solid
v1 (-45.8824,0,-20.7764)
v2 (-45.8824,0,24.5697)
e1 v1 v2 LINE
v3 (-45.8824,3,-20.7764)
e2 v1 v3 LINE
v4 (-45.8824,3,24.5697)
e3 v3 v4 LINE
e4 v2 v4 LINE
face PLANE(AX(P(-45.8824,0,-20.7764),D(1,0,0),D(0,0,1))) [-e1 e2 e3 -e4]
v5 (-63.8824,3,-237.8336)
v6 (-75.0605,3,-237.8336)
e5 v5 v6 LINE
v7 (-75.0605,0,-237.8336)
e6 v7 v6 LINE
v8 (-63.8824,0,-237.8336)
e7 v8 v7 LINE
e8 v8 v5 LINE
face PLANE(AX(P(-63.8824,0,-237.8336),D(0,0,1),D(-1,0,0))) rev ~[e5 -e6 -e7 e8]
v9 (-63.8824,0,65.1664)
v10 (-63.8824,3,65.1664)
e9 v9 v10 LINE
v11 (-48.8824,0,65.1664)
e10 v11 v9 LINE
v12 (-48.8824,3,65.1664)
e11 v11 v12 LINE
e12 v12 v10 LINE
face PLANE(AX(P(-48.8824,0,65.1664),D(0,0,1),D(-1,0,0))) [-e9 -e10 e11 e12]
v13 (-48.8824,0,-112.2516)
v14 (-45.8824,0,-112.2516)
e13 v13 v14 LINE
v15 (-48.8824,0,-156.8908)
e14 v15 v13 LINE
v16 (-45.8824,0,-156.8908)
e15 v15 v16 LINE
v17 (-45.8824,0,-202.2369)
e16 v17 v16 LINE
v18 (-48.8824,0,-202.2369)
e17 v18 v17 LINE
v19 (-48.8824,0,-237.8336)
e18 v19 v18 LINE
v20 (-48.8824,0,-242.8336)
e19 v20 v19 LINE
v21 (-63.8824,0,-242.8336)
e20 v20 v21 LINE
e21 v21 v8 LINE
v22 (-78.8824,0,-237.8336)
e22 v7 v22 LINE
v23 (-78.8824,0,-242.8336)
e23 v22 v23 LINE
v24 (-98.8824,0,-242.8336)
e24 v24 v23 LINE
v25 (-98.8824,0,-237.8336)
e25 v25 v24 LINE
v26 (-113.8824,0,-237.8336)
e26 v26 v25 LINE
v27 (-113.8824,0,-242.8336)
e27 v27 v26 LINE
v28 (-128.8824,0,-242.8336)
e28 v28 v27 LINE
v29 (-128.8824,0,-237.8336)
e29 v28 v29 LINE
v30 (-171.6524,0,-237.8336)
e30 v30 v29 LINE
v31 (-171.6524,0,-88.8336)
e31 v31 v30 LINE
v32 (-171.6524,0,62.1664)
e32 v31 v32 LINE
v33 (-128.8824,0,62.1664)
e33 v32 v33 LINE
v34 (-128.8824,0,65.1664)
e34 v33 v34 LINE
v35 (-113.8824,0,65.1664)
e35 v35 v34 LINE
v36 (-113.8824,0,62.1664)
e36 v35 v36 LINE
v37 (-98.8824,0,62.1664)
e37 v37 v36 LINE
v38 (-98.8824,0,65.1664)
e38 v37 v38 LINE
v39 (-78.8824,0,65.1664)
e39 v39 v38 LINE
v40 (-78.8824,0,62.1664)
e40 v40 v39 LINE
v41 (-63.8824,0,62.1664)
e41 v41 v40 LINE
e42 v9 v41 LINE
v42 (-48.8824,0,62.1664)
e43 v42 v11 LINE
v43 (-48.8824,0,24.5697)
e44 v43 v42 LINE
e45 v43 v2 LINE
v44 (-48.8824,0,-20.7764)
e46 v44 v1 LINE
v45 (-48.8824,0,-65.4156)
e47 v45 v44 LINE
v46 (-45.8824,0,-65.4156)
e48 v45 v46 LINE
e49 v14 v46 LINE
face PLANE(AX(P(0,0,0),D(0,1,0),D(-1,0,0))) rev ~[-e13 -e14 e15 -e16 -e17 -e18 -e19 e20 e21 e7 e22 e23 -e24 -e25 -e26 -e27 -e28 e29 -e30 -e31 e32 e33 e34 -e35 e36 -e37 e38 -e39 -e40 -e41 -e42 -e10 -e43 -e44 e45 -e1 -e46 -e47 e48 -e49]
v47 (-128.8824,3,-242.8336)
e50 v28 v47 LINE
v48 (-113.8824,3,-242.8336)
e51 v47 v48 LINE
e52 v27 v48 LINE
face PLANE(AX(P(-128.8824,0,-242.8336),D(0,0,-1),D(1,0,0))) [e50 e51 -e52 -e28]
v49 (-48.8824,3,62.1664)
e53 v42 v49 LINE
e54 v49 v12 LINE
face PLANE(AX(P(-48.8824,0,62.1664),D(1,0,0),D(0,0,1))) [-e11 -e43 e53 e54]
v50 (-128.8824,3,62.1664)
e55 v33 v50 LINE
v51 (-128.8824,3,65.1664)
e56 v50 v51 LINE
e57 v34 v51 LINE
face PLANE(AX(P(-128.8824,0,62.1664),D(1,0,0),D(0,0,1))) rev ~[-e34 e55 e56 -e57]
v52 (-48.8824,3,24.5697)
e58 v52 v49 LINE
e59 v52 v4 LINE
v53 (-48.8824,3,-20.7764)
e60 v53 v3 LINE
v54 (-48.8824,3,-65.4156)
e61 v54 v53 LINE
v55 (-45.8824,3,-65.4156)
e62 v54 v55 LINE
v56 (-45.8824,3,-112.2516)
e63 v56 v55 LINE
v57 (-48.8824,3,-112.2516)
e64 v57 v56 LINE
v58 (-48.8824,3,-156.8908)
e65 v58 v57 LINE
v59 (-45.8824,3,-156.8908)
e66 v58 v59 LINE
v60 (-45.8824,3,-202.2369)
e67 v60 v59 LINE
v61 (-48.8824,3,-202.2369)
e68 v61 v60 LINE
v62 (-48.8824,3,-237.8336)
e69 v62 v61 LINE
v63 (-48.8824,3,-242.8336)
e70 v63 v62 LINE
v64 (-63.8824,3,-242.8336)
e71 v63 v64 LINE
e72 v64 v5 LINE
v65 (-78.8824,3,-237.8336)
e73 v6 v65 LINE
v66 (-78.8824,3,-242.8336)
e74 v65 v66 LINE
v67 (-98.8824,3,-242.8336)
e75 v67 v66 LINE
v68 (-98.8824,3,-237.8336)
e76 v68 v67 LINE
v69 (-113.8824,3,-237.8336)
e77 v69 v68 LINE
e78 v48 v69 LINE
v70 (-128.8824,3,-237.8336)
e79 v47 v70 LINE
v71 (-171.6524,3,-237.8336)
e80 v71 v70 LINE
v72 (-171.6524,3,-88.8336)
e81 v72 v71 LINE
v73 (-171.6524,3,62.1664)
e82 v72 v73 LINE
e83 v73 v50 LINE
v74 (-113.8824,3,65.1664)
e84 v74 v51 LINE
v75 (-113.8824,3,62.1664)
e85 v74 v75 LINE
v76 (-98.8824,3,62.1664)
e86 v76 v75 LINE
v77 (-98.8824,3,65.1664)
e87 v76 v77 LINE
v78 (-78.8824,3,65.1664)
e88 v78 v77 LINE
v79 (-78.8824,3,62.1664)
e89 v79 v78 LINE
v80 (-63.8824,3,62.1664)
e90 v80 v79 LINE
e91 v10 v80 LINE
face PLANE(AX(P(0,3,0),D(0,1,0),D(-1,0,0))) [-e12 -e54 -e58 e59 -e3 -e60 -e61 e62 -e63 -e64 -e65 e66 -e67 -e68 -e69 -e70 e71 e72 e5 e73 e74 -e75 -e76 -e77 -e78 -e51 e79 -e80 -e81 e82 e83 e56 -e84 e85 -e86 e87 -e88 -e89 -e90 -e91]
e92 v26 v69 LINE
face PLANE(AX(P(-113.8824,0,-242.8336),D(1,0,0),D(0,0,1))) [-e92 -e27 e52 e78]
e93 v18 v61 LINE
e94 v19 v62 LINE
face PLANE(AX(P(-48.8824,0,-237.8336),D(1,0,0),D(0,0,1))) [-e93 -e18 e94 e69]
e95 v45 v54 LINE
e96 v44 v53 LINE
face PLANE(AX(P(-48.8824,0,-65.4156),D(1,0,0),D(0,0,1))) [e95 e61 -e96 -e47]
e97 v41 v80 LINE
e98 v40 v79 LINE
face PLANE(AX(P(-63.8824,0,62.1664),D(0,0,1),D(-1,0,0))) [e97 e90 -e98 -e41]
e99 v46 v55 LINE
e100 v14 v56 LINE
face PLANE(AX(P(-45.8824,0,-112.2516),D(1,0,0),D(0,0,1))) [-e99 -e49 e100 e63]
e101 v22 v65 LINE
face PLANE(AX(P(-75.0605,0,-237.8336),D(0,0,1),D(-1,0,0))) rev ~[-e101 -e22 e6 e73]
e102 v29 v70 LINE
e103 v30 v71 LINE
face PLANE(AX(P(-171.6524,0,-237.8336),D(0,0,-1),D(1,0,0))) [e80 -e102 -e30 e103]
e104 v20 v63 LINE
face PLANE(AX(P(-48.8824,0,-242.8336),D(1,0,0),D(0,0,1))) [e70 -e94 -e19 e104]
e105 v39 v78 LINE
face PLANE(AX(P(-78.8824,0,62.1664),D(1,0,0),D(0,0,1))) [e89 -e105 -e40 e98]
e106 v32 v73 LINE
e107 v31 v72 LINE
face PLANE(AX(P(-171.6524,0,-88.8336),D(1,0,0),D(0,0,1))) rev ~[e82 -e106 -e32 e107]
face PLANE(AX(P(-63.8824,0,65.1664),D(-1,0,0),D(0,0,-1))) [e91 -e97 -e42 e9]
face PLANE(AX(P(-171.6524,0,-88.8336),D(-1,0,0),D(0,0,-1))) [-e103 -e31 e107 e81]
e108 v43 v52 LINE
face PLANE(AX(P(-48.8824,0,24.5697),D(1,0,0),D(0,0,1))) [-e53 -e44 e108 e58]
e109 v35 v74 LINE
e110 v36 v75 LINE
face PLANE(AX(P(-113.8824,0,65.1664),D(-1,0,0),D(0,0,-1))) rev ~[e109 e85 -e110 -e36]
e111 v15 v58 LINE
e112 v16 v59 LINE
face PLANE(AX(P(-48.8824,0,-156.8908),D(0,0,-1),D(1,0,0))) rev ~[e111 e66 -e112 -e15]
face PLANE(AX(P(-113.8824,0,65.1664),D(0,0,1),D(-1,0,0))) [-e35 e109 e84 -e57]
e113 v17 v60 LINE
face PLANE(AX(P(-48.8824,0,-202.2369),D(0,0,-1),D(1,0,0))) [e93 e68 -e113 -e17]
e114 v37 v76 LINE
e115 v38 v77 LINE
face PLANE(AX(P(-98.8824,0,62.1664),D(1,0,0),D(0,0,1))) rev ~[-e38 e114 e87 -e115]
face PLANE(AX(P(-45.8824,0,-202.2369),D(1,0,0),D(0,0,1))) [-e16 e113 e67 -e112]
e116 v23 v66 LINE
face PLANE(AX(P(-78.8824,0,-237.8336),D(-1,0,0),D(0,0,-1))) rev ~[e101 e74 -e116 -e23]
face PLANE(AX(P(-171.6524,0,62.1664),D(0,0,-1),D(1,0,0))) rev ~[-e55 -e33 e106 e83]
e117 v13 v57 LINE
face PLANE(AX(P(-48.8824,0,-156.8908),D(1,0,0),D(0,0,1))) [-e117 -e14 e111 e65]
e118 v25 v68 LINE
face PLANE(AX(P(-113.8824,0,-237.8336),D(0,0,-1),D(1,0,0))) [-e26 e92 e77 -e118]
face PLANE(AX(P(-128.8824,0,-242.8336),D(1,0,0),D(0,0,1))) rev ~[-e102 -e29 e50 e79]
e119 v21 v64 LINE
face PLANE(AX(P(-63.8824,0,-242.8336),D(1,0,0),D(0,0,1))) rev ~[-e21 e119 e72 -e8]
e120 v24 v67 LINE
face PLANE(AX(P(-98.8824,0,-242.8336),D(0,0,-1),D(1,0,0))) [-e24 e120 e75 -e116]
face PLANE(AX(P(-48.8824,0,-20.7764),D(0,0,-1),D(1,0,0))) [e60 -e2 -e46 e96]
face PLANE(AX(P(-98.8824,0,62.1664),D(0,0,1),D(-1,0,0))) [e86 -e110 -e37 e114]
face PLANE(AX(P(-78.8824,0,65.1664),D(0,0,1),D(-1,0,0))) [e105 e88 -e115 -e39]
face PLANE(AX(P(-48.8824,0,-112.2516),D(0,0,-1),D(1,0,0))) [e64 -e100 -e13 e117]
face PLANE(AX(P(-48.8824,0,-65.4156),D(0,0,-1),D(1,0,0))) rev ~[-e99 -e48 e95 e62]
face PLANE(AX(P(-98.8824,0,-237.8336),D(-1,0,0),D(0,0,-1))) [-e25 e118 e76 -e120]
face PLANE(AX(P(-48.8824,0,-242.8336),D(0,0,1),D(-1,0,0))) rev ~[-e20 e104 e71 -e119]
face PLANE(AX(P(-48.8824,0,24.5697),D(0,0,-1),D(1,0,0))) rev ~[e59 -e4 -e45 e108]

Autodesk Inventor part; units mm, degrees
ref_plane "YZ Plane" through (0, 0, 0) normal (1, 0, 0) x (0, 1, 0)
ref_plane "XZ Plane" through (0, 0, 0) normal (0, 1, 0) x (-1, 0, 0)
ref_plane "XY Plane" through (0, 0, 0) normal (0, 0, 1) x (1, 0, 0)
sketch "Sketch1" plane through (0, 0, 0) normal (0, 1, 0) x (-1, 0, 0)
  point P0 (0, 0)
sketch "Sketch3" plane through (0, 0, 0) normal (0, 1, 0) x (-1, 0, 0)
  line L0 (113.8824, -237.8336) -> (98.8824, -237.8336)
  line L1 (128.8824, -242.8336) -> (113.8824, -242.8336)
  line L2 (128.8824, -242.8336) -> (128.8824, -237.8336)
  line L3 (98.8824, -237.8336) -> (98.8824, -242.8336)
  line L4 (113.8824, -242.8336) -> (113.8824, -237.8336)
  line L5 (48.8824, -156.8908) -> (45.8824, -156.8908)
  line L6 (48.8824, -156.8908) -> (48.8824, -112.2516)
  line L7 (48.8824, -112.2516) -> (45.8824, -112.2516)
  line L8 (45.8824, -112.2516) -> (45.8824, -65.4156)
  line L9 (48.8824, -65.4156) -> (45.8824, -65.4156)
  line L10 (48.8824, -156.8908) -> (48.8824, -112.2516)
  line L11 (98.8824, -242.8336) -> (78.8824, -242.8336)
  line L12 (63.8824, -237.8336) -> (75.0605, -237.8336)
  line L13 (48.8824, -237.8336) -> (48.8824, -202.2369)
  line L14 (48.8824, -202.2369) -> (45.8824, -202.2369)
  line L15 (45.8824, -202.2369) -> (45.8824, -156.8908)
  line L16 (48.8824, -20.7764) -> (45.8824, -20.7764)
  line L17 (45.8824, -20.7764) -> (45.8824, 24.5697)
  line L18 (48.8824, -65.4156) -> (48.8824, -20.7764)
  line L19 (48.8824, -65.4156) -> (48.8824, -20.7764)
  line L20 (48.8824, 24.5697) -> (45.8824, 24.5697)
  line L21 (113.8824, 65.1664) -> (113.8824, 62.1664)
  line L22 (48.8824, 24.5697) -> (48.8824, 62.1664)
  line L23 (48.8824, 24.5697) -> (48.8824, 65.1664)
  line L24 (48.8824, 65.1664) -> (63.8824, 65.1664)
  line L25 (63.8824, 62.1664) -> (78.8824, 62.1664)
  line L26 (63.8824, 65.1664) -> (63.8824, 62.1664)
  line L27 (78.8824, 62.1664) -> (78.8824, 65.1664)
  line L28 (78.8824, 65.1664) -> (98.8824, 65.1664)
  line L29 (98.8824, 62.1664) -> (98.8824, 65.1664)
  line L30 (98.8824, 62.1664) -> (113.8824, 62.1664)
  line L31 (128.8824, 62.1664) -> (128.8824, 65.1664)
  line L32 (113.8824, 65.1664) -> (128.8824, 65.1664)
  line L33 (63.8824, -237.8336) -> (78.8824, -237.8336)
  line L34 (48.8824, -242.8336) -> (48.8824, -237.8336)
  line L35 (48.8824, -242.8336) -> (63.8824, -242.8336)
  line L36 (63.8824, -242.8336) -> (63.8824, -237.8336)
  line L37 (78.8824, -237.8336) -> (78.8824, -242.8336)
  line L38 (78.8824, -237.8336) -> (63.8824, -237.8336)
  line L39 (171.6524, -88.8336) -> (171.6524, -237.8336)
  line L40 (171.6524, -237.8336) -> (128.8824, -237.8336)
  line L41 (171.6524, -88.8336) -> (171.6524, 62.1664)
  line L42 (171.6524, 62.1664) -> (128.8824, 62.1664)
  point P0 (0, 0)
  point P1 (0, 0)
  point P2 (106.3824, -237.8336)
  point P3 (47.3824, -202.2369)
  point P4 (0, 0)
  point P5 (106.3824, 62.1664)
  point P6 (121.3824, 65.1664)
  dimension "d54" = 80
  dimension "d55" = 15
  dimension "d56" = 15
  dimension "d57" = 300
  dimension "d58" = 3
  dimension "d59" = 5
  dimension "d60" = 44.6392
  dimension "d61" = 37.5967
  dimension "d62" = 44.6392
  dimension "d63" = 40.5967
  dimension "d64" = 45.3461
  dimension "d66" = 45.3461
  dimension "d67" = 20
  dimension "d68" = 15
  dimension "d69" = 15
  dimension "d70" = 15
  dimension "d71" = 15
  dimension "d72" = 15
  dimension "d73" = 15
  dimension "d74" = 20
  dimension "d75" = 308
extrude "Extrusion2" add sketch "Sketch3" along normal blind 3
properties part number "mieng_ben_3mm"
